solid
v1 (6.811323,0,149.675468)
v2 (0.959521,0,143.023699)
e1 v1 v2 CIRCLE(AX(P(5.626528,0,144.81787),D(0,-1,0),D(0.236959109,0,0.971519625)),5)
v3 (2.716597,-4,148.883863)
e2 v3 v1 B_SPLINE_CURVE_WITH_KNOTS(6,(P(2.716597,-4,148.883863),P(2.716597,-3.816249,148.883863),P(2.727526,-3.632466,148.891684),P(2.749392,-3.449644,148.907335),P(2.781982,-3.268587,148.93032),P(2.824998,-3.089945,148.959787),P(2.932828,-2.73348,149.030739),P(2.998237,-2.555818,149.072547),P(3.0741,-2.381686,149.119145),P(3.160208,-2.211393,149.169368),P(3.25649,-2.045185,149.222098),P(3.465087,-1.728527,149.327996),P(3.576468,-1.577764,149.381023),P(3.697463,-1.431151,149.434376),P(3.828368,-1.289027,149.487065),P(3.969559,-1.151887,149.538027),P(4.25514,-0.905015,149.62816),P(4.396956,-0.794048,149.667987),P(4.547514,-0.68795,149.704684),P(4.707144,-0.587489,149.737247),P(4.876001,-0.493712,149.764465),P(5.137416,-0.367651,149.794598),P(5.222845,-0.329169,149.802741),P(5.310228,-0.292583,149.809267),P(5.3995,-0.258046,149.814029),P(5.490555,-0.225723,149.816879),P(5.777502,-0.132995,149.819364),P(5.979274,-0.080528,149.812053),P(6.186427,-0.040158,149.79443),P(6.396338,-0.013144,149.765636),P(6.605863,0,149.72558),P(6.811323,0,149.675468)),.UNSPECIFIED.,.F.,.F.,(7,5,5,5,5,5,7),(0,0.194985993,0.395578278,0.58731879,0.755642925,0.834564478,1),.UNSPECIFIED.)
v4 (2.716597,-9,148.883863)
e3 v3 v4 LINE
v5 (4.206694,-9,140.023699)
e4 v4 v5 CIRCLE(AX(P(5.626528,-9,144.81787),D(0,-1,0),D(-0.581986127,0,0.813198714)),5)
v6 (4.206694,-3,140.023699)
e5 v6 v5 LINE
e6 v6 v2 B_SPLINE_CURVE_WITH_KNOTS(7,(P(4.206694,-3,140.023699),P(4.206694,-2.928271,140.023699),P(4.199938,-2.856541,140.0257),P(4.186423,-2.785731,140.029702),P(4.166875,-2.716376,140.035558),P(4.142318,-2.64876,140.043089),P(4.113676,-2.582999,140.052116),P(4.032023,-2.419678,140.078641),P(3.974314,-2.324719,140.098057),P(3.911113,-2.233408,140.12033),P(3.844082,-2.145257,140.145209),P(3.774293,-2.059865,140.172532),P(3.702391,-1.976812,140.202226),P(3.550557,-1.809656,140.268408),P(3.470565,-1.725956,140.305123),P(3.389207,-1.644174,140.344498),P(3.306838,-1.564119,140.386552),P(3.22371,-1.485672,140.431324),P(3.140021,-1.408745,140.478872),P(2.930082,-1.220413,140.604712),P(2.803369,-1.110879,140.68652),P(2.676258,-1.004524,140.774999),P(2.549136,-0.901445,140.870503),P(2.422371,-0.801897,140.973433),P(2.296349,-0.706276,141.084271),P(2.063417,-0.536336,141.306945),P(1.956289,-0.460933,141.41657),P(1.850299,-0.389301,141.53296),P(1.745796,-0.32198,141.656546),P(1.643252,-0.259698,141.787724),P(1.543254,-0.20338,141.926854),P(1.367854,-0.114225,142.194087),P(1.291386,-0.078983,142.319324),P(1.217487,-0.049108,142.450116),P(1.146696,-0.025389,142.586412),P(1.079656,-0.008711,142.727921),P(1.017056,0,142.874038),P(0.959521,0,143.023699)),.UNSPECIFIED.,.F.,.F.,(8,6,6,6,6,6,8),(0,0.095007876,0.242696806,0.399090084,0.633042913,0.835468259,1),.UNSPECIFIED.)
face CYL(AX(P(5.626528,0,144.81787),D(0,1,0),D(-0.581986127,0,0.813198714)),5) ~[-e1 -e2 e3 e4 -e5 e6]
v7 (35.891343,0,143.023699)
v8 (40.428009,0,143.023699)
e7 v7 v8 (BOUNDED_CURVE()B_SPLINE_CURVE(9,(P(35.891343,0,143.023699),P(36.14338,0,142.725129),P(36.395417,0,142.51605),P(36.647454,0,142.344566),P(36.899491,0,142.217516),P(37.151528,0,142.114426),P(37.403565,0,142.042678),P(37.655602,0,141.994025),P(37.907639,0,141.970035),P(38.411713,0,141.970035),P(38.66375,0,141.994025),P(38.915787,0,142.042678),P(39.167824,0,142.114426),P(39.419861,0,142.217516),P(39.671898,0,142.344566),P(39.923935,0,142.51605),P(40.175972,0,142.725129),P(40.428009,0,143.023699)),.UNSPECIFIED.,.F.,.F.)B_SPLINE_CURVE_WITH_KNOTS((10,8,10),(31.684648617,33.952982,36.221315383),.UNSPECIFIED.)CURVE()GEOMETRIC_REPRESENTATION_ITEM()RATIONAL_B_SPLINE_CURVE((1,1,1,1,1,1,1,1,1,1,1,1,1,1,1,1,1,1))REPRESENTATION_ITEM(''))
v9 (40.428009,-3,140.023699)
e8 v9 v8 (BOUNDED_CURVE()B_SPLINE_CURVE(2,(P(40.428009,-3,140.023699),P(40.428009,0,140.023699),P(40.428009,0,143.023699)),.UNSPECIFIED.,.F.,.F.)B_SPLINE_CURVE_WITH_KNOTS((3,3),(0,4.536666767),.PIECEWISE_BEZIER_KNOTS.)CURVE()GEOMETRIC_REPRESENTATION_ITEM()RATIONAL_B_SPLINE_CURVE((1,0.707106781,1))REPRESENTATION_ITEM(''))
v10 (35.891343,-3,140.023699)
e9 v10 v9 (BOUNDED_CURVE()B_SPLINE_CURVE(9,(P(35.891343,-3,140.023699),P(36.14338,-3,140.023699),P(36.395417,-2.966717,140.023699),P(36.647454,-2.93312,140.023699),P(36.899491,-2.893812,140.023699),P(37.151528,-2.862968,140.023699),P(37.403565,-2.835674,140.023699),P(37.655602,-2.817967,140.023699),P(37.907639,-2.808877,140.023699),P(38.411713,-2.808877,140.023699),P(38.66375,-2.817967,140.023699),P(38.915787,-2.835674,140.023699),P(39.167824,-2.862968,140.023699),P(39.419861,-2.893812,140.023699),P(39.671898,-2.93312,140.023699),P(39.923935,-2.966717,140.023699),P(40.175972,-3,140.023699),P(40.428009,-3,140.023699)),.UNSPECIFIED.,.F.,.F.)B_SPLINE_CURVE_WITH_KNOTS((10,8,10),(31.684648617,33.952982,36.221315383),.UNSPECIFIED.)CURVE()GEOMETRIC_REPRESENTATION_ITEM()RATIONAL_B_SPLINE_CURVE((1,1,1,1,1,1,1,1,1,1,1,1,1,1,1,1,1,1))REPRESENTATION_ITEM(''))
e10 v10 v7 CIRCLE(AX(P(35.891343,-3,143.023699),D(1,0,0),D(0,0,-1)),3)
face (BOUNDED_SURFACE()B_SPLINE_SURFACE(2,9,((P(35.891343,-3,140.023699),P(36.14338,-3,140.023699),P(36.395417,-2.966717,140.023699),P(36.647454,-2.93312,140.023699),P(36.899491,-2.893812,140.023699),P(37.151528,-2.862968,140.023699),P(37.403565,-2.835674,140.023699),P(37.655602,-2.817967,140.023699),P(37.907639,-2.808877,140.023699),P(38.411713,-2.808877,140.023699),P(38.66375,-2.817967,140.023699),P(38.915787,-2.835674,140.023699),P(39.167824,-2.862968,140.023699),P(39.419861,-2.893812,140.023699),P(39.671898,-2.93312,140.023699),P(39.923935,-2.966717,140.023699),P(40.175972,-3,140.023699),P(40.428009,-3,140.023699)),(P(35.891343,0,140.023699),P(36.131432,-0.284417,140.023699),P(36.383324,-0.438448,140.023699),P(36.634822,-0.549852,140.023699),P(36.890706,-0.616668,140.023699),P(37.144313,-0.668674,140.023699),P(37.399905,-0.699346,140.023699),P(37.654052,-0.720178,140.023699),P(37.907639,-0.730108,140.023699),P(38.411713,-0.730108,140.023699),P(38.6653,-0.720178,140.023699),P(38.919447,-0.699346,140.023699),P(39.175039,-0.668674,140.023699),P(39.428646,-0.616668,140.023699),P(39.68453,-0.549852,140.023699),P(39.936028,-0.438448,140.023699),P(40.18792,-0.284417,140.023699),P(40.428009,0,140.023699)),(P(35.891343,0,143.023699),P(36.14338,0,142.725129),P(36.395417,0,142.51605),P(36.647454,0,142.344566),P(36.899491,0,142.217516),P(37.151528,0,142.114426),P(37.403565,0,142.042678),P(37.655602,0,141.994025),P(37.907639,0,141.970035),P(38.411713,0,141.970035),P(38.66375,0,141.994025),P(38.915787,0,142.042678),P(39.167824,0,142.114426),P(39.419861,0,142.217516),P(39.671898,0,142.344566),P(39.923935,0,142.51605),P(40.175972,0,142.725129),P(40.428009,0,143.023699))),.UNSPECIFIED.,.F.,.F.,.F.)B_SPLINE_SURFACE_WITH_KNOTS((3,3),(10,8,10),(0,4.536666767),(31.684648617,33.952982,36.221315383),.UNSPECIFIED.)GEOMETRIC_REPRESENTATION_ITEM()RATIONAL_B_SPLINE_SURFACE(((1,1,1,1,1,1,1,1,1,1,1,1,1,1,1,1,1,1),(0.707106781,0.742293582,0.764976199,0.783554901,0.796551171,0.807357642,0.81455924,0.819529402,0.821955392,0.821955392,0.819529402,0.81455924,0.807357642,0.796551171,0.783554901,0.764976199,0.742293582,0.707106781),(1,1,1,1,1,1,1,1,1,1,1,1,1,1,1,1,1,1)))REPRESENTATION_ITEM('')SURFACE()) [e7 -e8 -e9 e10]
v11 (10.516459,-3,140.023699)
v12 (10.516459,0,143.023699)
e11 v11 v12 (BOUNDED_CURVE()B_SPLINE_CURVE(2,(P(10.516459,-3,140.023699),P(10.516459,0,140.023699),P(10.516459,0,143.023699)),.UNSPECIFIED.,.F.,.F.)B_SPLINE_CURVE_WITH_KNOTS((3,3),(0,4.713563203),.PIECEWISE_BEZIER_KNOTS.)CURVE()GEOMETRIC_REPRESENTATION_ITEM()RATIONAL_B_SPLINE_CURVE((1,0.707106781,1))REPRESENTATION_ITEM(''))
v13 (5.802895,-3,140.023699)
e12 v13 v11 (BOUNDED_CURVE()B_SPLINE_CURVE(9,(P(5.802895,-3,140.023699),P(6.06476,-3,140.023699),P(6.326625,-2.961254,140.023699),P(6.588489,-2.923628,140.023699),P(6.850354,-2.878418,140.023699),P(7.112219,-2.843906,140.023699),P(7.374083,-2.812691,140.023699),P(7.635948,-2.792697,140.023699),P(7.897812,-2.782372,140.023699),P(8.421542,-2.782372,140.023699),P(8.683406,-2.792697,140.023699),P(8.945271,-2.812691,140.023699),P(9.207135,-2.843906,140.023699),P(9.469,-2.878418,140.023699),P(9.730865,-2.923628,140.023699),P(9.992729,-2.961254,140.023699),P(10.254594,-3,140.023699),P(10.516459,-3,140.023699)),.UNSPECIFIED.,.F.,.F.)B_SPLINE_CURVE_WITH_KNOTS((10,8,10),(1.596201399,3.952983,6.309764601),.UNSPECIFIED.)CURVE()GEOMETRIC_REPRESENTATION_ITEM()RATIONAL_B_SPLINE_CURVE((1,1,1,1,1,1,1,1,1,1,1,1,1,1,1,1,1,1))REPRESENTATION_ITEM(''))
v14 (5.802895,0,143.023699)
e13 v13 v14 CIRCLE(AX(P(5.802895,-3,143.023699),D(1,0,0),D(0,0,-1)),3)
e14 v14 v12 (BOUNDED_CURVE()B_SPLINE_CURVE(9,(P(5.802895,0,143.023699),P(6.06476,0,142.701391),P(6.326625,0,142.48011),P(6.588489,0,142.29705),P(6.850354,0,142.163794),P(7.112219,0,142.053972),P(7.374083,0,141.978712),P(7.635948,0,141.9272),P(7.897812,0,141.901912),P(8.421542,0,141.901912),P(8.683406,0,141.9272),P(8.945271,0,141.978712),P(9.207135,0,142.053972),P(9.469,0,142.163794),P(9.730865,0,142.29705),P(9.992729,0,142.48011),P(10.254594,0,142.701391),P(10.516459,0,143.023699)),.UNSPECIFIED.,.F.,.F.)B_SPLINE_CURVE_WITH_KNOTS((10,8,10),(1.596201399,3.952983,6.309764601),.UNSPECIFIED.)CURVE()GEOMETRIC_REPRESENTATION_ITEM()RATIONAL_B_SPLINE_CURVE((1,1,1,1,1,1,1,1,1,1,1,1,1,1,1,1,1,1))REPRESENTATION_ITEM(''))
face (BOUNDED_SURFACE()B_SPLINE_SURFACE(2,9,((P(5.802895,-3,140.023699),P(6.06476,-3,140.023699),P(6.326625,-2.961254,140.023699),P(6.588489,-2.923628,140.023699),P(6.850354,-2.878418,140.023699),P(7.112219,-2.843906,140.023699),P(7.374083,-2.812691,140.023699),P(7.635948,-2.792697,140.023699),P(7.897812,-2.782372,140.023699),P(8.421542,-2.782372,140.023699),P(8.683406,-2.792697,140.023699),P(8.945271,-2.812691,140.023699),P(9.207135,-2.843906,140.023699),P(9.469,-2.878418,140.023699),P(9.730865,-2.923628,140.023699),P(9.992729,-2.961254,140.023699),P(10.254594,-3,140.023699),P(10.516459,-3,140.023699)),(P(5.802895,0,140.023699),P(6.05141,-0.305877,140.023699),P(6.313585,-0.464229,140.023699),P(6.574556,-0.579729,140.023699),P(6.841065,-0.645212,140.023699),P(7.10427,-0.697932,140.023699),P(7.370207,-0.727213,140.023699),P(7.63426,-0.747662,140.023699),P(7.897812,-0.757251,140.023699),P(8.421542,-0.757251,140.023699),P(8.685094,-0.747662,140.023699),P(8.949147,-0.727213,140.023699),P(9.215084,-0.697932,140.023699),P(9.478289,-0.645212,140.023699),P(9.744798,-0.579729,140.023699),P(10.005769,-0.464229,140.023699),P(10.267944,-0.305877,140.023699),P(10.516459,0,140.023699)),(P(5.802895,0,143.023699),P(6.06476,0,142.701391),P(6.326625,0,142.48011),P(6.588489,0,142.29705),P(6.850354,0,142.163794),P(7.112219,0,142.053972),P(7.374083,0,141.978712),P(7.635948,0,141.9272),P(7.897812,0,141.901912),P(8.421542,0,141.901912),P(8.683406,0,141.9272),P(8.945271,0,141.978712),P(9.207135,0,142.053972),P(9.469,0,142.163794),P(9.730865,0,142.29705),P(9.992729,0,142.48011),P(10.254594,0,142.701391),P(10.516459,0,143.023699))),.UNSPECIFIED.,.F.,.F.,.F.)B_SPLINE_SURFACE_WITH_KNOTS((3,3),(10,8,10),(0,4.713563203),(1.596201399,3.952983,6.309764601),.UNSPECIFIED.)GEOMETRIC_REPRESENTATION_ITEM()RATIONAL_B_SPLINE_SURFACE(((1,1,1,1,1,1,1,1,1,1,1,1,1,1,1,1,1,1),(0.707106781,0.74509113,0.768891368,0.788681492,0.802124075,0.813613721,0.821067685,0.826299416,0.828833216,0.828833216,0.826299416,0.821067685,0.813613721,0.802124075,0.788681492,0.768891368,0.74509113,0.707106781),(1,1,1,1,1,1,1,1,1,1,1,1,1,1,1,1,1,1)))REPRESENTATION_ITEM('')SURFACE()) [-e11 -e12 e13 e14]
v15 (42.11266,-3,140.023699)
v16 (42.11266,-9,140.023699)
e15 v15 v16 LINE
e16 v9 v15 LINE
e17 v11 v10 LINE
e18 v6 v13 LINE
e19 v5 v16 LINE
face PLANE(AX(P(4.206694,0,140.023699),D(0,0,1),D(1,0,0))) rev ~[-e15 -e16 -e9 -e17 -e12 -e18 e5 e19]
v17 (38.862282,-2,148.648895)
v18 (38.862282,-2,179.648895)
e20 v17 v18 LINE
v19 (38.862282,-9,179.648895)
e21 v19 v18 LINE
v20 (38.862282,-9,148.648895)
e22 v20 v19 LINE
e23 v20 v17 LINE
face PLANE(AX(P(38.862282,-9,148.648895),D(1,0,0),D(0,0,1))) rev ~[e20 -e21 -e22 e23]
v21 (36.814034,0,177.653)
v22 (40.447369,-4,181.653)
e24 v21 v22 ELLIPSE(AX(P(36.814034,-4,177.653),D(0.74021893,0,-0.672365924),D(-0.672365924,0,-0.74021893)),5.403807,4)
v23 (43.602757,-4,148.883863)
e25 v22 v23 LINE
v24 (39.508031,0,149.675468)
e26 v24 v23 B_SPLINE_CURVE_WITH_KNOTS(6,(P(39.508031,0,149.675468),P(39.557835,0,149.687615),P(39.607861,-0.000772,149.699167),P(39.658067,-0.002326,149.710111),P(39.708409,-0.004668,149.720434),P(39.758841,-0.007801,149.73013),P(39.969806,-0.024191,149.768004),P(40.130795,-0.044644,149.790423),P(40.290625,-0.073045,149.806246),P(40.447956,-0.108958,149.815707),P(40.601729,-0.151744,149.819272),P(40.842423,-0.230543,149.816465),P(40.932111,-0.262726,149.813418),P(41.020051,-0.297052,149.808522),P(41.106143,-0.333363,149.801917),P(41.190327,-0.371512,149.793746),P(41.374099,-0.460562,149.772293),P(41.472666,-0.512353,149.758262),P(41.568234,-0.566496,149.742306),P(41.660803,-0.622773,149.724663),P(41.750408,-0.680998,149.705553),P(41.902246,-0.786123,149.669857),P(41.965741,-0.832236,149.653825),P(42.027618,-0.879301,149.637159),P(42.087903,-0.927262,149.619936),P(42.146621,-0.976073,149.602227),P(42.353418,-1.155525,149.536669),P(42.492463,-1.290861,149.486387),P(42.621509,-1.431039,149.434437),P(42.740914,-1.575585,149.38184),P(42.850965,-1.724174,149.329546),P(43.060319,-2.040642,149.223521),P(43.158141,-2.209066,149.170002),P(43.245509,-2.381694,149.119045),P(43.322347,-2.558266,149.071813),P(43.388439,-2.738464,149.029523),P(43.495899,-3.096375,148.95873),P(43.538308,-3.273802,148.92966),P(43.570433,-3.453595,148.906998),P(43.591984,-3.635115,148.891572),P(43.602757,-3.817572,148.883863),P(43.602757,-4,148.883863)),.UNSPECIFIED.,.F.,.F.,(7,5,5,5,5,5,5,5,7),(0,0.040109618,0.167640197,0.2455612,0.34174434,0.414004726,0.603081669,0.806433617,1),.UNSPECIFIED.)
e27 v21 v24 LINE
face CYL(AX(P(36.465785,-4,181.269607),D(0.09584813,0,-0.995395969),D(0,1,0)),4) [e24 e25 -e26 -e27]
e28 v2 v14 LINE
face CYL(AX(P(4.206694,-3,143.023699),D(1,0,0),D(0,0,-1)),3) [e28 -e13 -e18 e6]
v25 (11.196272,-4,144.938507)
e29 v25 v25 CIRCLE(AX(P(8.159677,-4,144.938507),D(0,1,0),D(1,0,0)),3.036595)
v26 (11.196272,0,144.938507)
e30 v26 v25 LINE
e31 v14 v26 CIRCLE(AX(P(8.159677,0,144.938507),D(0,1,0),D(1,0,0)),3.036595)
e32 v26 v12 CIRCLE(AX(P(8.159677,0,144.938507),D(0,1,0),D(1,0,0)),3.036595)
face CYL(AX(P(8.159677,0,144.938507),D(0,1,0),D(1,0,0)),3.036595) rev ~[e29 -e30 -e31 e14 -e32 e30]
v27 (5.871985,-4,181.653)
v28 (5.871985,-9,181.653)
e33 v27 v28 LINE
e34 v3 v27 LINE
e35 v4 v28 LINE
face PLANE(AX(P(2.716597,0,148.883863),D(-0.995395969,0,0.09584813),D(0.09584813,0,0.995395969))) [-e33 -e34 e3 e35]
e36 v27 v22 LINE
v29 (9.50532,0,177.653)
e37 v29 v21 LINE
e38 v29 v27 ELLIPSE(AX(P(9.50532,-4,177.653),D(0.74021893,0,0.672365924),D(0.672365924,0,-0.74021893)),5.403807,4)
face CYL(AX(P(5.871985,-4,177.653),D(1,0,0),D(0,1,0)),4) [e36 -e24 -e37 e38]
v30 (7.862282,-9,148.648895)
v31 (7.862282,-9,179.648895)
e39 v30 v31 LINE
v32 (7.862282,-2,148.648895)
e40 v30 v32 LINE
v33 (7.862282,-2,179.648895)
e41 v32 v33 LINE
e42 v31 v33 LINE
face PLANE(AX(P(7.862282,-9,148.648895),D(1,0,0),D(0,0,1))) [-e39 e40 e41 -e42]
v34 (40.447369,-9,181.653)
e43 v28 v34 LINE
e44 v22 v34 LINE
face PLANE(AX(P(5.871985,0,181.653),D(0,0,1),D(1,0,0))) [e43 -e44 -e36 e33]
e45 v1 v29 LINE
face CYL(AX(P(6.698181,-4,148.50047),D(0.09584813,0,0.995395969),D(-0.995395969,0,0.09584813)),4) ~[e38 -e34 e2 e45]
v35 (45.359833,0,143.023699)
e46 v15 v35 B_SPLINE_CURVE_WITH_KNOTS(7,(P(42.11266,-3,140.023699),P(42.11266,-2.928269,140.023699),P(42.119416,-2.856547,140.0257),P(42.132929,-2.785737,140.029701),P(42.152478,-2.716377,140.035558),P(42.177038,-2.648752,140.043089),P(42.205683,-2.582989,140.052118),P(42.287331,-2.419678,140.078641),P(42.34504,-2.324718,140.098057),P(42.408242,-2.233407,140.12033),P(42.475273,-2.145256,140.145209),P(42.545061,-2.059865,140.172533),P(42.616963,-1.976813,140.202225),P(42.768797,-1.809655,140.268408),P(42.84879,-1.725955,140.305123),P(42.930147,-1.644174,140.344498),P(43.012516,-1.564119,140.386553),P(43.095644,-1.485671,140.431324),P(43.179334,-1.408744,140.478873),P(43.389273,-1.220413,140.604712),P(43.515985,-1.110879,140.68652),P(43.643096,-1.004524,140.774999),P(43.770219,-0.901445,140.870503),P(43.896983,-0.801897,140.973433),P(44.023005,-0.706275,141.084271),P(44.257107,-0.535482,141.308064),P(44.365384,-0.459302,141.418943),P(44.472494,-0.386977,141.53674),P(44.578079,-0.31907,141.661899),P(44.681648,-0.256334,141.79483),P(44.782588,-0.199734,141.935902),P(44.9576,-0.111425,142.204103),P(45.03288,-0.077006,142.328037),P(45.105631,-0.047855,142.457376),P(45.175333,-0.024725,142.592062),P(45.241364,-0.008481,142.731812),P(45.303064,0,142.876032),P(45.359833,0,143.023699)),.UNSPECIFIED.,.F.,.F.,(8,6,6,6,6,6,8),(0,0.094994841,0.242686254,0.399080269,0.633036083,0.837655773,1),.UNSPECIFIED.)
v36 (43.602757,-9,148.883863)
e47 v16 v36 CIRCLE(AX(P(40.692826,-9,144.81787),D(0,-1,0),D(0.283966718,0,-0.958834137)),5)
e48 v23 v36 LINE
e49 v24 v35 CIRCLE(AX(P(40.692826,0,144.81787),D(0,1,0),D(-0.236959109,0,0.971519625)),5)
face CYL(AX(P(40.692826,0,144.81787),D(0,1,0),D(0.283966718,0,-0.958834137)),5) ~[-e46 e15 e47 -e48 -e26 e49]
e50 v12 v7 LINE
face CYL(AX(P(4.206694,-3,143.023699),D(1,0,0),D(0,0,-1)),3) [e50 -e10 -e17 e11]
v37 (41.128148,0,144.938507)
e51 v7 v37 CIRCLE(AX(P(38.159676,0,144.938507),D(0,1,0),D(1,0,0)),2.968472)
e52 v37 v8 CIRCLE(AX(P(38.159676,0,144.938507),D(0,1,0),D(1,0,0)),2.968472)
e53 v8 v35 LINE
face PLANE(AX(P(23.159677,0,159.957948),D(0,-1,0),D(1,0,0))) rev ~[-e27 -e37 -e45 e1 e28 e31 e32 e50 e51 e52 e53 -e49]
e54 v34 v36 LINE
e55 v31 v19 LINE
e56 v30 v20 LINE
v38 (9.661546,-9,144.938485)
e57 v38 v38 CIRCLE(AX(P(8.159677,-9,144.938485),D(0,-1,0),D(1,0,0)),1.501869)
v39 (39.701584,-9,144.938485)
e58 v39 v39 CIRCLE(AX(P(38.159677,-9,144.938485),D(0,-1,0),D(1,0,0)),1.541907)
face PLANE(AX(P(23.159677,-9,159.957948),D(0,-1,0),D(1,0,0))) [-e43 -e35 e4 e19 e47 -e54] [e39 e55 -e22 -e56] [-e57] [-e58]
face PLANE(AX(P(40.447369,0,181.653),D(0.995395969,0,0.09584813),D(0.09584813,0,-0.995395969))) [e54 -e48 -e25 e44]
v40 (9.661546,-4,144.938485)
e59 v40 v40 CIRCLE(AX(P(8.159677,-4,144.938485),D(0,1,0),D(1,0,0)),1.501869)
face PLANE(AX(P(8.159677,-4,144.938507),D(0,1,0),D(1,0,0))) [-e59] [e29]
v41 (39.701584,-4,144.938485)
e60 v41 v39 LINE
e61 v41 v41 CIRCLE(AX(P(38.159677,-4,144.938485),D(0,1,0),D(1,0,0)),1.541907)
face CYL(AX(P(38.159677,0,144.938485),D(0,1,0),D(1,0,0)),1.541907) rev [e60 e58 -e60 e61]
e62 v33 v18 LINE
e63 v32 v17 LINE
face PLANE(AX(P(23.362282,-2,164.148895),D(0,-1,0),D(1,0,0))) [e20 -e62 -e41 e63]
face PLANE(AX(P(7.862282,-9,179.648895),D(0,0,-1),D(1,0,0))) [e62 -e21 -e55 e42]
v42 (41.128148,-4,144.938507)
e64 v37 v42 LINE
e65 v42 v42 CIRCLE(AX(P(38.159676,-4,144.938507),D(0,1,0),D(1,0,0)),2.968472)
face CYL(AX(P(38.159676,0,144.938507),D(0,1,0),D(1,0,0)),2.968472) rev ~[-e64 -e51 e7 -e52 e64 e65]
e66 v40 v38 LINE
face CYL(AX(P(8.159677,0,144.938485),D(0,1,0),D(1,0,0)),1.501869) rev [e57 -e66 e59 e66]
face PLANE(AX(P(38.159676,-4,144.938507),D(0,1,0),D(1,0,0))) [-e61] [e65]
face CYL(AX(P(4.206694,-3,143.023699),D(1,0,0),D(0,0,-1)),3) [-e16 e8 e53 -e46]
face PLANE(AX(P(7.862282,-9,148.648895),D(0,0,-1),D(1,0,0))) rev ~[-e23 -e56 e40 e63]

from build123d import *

# Parameters (mm, degrees)
SKETCH_R        = 1.501869
SKETCH_R_2      = 1.541907
PAD_DEPTH       = 9
SKETCH003_W     = 31
SKETCH003_H     = 31
POCKET_DEPTH    = 7
FILLET_R        = 4
SKETCH004_R     = 2.968472
SKETCH004_R_2   = 3.036595
POCKET001_DEPTH = 4
FILLET001_R     = 3


with BuildPart() as part:
    # Sketch → Pad (new body)
    with BuildSketch(Plane.XZ):
        with BuildLine():
            ThreePointArc((2.716597, 148.883863), (0.695773, 143.988618), (4.206694, 140.023699))
            Line((4.206694, 140.023699), (42.11266, 140.023699))
            ThreePointArc((42.11266, 140.023699), (45.623581, 143.988618), (43.602757, 148.883863))
            Line((40.447369, 181.653), (43.602757, 148.883863))
            Line((5.871985, 181.653), (40.447369, 181.653))
            Line((2.716597, 148.883863), (5.871985, 181.653))
        make_face()
        with Locations((8.159677, 144.938485)):
            Circle(SKETCH_R, mode=Mode.SUBTRACT)
        with Locations((38.159677, 144.938485)):
            Circle(SKETCH_R_2, mode=Mode.SUBTRACT)
    extrude(amount=PAD_DEPTH)

    # Sketch003 (on Face10 of Pad) → Pocket (cut)
    with BuildSketch(Plane.XZ.offset(9)):
        with Locations((23.362282, 164.148895)):
            Rectangle(SKETCH003_W, SKETCH003_H)
    extrude(amount=-POCKET_DEPTH, mode=Mode.SUBTRACT)

    # Fillet
    fillet_edges = [part.edges().sort_by_distance(p)[0] for p in [
        (42.025063, 0, 165.268432),
        (23.159677, 0, 181.653),
        (4.294291, 0, 165.268432),
    ]]
    fillet(fillet_edges, radius=FILLET_R)

    # Sketch004 (on Face5 of Fillet) → Pocket001 (cut)
    with BuildSketch(Plane(origin=(0, 0, 0), x_dir=(1, 0, 0), z_dir=(0, 1, 0))):
        with Locations((38.159676, -144.938507)):
            Circle(SKETCH004_R)
        with Locations((8.159677, -144.938507)):
            Circle(SKETCH004_R_2)
    extrude(amount=-POCKET001_DEPTH, mode=Mode.SUBTRACT)

    # Fillet001
    fillet001_edges = [part.edges().sort_by_distance(p)[0] for p in [
        (23.159677, 0, 140.023699),
    ]]
    fillet(fillet001_edges, radius=FILLET001_R)


solid = part.part
